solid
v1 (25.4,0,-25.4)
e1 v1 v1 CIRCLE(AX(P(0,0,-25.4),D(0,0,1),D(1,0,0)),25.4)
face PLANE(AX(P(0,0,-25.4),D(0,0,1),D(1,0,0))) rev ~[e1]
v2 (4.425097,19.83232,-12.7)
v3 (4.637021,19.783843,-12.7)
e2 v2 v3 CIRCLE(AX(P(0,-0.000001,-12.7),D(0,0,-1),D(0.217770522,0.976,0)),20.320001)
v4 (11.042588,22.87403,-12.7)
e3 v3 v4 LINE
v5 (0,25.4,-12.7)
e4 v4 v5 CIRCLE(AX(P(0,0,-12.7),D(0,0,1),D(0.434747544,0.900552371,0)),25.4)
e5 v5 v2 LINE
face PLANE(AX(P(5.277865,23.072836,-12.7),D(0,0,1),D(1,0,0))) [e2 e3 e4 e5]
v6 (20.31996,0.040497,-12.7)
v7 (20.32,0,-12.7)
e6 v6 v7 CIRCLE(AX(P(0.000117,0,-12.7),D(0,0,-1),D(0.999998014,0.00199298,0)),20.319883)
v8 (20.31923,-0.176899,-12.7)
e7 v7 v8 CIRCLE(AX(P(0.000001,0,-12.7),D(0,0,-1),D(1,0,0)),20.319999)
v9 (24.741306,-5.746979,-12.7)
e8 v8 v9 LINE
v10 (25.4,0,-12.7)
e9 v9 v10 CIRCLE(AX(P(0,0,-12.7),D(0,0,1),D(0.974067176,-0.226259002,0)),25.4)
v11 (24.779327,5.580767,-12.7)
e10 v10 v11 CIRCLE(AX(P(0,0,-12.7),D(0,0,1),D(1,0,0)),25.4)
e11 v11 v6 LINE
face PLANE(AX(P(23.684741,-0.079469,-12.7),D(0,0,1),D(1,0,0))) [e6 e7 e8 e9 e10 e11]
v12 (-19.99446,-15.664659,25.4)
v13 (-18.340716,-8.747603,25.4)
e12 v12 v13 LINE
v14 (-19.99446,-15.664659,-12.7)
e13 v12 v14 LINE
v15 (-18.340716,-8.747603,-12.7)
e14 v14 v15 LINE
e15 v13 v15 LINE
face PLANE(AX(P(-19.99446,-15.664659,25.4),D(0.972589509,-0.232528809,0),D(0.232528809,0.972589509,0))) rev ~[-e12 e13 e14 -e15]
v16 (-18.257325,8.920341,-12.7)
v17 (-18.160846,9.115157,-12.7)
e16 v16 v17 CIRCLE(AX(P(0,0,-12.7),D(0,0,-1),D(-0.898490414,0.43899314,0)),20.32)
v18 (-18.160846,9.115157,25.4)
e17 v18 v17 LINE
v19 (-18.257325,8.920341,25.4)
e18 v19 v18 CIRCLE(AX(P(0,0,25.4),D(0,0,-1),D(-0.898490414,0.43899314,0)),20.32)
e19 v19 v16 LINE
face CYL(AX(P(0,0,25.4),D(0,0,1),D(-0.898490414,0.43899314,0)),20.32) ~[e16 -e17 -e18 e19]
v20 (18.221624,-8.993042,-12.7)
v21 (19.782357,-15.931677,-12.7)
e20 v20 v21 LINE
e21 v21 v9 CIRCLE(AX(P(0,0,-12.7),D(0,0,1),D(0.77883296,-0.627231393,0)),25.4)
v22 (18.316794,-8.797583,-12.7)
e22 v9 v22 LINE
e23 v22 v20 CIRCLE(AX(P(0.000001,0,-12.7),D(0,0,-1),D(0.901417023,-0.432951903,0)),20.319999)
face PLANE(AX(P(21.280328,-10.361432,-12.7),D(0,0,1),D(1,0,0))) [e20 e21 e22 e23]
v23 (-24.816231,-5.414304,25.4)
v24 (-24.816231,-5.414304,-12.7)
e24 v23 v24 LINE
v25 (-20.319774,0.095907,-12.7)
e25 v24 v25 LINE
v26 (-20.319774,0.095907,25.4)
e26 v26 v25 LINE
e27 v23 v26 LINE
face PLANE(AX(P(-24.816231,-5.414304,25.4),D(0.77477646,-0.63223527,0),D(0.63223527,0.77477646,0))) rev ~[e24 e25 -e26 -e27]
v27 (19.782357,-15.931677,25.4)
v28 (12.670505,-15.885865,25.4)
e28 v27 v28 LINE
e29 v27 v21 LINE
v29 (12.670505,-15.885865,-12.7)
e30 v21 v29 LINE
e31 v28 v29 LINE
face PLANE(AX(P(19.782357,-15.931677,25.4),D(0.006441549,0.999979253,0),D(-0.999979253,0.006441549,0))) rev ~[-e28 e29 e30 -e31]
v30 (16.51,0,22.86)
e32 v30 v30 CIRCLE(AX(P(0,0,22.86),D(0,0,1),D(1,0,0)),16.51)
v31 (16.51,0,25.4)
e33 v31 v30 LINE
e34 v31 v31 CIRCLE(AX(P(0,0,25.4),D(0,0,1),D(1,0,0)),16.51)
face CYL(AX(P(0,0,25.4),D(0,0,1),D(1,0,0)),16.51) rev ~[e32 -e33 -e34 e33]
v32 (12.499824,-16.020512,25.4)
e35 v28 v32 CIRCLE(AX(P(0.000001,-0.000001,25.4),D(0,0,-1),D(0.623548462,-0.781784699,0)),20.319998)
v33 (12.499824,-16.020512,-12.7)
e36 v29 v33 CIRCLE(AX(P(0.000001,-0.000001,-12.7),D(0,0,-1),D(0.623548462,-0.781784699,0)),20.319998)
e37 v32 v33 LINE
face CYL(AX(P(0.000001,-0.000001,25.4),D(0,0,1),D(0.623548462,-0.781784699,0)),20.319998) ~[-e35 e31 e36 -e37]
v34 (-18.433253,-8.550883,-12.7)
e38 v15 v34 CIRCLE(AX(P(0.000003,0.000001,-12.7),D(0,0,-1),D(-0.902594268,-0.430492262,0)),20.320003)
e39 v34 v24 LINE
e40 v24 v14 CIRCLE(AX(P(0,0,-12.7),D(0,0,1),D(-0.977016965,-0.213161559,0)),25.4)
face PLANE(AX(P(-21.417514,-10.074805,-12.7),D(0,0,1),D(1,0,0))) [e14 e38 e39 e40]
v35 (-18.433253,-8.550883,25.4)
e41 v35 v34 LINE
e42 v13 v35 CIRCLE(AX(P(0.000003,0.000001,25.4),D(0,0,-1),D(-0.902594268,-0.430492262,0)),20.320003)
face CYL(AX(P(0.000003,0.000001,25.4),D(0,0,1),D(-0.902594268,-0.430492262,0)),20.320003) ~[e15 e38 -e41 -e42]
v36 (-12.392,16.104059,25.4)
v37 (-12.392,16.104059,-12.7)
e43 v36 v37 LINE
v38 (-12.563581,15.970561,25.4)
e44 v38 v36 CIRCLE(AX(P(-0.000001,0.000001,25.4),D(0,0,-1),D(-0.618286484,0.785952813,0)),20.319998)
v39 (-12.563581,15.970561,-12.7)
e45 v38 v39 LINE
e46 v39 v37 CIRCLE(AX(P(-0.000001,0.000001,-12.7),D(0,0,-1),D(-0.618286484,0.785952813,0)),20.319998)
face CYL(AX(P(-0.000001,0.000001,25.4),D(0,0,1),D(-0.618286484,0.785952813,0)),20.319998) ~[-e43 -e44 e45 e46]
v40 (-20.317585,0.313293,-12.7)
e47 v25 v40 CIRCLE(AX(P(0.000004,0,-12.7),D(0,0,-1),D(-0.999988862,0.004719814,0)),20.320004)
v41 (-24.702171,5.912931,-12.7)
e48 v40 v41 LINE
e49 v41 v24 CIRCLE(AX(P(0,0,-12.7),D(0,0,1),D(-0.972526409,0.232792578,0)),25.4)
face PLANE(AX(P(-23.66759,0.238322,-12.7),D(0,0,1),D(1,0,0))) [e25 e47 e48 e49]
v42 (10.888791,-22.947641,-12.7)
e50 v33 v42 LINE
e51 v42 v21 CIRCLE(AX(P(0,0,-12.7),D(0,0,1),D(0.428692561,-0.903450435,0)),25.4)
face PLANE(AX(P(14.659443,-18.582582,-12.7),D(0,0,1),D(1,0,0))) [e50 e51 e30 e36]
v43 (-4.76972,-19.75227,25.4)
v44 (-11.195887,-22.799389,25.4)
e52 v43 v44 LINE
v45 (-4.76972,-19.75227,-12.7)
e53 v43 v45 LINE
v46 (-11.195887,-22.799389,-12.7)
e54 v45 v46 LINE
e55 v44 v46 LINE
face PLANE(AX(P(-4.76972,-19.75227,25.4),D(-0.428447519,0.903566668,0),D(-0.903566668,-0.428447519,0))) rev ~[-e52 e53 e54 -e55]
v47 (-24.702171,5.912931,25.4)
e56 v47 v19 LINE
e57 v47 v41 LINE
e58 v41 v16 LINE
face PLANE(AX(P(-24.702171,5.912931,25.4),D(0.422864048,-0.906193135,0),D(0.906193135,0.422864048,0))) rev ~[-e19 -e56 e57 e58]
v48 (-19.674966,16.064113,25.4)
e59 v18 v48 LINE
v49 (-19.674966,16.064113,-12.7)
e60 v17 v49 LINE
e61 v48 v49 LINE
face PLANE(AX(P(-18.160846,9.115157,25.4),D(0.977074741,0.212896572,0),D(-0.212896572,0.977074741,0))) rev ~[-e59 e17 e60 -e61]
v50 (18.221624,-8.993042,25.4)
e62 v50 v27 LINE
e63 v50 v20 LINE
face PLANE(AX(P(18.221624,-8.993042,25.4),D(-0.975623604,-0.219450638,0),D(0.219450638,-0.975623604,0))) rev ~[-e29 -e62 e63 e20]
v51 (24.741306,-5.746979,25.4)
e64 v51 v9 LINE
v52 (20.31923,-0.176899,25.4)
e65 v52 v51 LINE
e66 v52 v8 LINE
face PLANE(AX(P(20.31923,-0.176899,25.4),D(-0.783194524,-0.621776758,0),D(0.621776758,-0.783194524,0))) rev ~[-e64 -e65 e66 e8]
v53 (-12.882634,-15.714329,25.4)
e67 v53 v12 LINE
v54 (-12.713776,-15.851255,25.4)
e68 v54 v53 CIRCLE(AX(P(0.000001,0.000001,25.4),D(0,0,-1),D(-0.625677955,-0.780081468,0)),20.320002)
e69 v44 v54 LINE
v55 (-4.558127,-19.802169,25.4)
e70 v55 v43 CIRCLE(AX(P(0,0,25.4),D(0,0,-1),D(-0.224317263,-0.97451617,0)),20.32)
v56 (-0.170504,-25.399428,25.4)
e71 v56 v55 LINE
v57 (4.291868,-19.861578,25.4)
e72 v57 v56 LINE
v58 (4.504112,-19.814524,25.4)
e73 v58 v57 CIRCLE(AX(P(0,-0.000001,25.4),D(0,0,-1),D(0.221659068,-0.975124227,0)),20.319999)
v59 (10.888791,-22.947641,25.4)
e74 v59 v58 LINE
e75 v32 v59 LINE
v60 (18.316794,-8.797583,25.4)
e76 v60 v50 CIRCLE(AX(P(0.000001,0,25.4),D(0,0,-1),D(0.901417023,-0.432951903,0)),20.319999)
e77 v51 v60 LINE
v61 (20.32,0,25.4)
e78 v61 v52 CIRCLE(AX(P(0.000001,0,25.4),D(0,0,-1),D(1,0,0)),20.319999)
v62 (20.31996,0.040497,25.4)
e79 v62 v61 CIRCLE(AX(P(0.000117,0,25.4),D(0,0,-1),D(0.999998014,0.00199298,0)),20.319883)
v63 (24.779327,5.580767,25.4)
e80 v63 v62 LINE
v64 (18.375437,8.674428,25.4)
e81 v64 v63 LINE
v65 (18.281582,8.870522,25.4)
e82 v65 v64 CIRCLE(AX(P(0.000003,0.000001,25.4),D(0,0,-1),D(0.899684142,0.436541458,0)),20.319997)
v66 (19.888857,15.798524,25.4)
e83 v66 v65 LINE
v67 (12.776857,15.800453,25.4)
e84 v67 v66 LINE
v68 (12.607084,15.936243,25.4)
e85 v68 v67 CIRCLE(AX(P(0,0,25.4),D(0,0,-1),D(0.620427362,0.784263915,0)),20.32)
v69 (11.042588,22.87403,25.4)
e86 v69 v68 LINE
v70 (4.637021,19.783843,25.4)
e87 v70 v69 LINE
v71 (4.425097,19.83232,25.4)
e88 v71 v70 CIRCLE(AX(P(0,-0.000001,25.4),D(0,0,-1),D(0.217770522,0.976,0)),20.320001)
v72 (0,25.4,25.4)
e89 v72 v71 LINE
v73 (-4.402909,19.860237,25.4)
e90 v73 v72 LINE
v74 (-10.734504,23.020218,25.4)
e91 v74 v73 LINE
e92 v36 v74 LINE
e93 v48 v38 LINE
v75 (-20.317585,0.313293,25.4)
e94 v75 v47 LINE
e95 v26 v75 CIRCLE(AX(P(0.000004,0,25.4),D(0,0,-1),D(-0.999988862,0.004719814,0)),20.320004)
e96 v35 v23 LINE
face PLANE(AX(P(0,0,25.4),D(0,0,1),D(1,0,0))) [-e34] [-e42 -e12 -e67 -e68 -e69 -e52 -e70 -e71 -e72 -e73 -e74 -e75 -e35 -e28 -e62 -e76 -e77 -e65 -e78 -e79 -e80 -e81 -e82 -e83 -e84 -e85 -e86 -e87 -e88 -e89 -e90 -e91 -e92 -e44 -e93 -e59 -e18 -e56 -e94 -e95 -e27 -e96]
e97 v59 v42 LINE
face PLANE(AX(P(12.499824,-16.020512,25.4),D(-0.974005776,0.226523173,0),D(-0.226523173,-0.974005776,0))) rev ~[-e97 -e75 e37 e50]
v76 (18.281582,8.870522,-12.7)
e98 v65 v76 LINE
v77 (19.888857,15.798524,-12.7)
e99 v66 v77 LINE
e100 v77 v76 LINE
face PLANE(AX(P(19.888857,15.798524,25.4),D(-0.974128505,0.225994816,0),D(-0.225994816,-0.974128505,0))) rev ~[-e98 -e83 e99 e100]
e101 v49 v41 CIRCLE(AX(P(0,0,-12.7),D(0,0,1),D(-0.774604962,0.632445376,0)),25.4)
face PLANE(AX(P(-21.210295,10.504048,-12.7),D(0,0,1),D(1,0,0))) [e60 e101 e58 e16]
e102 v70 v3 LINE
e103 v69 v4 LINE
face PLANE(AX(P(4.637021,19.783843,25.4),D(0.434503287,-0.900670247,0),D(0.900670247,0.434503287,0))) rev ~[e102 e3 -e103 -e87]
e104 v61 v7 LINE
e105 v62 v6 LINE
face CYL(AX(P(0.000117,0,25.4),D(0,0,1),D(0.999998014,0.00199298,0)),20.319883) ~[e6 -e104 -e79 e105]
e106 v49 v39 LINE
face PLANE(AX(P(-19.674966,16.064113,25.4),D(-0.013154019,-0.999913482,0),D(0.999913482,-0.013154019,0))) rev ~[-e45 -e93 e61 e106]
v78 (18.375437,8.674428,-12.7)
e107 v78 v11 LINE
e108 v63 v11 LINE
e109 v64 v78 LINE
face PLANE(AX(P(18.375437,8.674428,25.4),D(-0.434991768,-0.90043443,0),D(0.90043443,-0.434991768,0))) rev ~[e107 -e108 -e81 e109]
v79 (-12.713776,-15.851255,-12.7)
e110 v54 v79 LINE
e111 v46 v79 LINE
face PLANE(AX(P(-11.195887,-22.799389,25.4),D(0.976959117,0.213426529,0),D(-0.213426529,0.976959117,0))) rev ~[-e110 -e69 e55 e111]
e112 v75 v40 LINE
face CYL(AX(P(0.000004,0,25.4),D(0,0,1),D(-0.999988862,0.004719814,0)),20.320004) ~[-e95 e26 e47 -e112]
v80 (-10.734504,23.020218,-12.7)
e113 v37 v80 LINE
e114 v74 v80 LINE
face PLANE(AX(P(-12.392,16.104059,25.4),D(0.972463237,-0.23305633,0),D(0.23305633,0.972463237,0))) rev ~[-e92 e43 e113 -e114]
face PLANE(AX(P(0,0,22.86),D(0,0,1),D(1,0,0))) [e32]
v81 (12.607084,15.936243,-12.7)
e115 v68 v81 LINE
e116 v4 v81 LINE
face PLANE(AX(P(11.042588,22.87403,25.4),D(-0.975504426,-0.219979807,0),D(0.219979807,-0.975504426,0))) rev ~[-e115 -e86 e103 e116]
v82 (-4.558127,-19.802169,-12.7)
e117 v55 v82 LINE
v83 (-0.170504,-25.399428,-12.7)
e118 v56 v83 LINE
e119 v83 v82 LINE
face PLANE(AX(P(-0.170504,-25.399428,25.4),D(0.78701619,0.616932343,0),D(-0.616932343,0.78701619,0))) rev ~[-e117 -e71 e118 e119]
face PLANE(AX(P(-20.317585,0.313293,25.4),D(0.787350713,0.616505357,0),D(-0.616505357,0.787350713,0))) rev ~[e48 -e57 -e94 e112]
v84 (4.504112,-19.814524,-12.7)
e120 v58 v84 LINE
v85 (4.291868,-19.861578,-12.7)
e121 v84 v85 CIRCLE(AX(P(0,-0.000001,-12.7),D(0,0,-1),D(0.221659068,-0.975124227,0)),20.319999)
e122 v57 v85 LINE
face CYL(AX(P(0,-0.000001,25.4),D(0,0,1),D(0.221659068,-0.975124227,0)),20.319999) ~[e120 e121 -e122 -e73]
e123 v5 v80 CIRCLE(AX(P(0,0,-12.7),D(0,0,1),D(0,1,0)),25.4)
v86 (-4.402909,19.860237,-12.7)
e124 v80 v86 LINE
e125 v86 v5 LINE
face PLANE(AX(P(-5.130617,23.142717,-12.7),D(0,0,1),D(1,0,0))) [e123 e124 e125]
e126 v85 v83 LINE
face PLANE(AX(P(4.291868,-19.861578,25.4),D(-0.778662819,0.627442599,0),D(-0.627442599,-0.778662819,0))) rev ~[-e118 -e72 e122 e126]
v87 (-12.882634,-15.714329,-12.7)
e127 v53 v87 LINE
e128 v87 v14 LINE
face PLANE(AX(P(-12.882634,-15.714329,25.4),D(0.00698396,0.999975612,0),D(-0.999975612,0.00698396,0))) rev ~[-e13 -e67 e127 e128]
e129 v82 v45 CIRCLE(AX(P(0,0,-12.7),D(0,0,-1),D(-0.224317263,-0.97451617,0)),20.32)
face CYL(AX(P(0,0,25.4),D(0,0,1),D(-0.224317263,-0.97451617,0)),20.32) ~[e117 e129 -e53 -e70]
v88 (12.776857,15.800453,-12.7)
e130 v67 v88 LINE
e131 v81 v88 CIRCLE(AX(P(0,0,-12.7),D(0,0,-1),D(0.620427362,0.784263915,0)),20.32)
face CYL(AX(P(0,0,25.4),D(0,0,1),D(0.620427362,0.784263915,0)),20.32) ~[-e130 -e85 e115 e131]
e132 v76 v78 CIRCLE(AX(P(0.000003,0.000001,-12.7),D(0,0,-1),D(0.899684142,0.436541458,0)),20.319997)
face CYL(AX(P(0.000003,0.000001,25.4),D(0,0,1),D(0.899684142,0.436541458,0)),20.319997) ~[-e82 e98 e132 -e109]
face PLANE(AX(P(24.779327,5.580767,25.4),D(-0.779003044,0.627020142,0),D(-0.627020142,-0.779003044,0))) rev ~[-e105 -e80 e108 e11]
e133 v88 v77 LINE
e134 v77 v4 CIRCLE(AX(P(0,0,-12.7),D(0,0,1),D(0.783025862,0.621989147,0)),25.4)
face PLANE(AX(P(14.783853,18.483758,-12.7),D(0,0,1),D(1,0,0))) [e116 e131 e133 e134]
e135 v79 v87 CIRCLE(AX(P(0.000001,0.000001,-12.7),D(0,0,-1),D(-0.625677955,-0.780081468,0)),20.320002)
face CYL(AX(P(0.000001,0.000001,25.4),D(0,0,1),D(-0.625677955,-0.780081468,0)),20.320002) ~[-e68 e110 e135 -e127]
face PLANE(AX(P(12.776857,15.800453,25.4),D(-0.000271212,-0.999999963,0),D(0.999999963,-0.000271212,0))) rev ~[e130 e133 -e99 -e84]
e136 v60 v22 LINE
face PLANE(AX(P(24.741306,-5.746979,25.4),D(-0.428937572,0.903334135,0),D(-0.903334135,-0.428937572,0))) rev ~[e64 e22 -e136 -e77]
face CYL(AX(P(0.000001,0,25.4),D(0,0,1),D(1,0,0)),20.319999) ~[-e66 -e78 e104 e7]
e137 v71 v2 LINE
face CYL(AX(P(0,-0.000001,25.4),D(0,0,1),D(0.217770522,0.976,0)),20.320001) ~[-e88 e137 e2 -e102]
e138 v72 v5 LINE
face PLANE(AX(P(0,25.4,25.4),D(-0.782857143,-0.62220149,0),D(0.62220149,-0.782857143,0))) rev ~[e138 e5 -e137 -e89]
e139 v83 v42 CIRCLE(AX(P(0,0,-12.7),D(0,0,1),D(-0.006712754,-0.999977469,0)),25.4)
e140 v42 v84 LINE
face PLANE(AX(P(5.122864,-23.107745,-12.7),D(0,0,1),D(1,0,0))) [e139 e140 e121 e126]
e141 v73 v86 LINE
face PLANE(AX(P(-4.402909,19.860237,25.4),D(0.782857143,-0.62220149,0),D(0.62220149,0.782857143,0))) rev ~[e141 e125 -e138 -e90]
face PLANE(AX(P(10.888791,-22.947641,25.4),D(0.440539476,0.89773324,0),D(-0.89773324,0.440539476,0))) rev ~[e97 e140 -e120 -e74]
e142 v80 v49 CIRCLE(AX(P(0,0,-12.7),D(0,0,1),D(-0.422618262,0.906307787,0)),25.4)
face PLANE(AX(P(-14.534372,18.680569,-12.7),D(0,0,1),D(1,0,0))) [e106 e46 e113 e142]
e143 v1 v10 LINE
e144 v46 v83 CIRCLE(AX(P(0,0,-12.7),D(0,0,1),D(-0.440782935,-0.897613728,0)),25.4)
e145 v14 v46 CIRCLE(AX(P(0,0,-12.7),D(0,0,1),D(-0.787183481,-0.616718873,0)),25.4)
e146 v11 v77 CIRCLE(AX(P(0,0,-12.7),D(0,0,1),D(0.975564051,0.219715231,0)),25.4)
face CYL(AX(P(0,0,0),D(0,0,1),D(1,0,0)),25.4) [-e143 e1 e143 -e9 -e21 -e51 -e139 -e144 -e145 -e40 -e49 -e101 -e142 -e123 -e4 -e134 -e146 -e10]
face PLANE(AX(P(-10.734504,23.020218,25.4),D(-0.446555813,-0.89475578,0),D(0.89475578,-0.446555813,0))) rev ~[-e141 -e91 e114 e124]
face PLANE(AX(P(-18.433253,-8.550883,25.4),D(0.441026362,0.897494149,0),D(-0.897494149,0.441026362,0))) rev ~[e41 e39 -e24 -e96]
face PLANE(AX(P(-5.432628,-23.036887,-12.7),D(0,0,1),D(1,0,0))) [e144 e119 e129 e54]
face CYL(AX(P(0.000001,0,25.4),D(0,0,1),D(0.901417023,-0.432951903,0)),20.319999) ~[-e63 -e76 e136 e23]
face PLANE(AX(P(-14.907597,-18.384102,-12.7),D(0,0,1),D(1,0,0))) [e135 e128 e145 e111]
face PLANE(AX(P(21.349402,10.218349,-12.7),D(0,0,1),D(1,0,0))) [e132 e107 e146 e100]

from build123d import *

# Parameters (mm, degrees)
F0_R     = 25.4
F1_DEPTH = 25.4
F3_DEPTH = 38.1
F4_R     = 16.51
F5_DEPTH = 2.54


with BuildPart() as f1:
    # F0 (on Top) → F1 (new body, symmetric)
    with BuildSketch(Plane.XY):
        Circle(F0_R)
    extrude(amount=F1_DEPTH, both=True)

    # F2 (on face) → F3 (cut)
    with BuildSketch(Plane.XY.offset(25.4)):
        with BuildLine():
            Line((-4.4029086505, 19.8602374906), (0, 25.4))
            ThreePointArc((0, 25.4), (-5.497566194, 24.7979185808), (-10.7345038482, 23.0202177907))
            Line((-10.7345038482, 23.0202177907), (-4.4029086505, 19.8602374906))
        make_face()
        with BuildLine():
            Line((4.6370208097, 19.7838428525), (11.0425876049, 22.8740302305))
            ThreePointArc((11.0425876049, 22.8740302305), (5.6639046666, 24.7604560525), (0, 25.4))
            Line((0, 25.4), (4.4250969953, 19.83232))
            ThreePointArc((4.4250969953, 19.83232), (4.5311237333, 19.808364842), (4.6370208097, 19.7838428525))
        make_face()
        with BuildLine():
            Line((12.776857167, 15.8004531876), (19.8888569054, 15.7985243297))
            ThreePointArc((19.8888569054, 15.7985243297), (15.865190223, 19.8357187716), (11.0425876049, 22.8740302305))
            Line((11.0425876049, 22.8740302305), (12.6070839942, 15.9362427555))
            ThreePointArc((12.6070839942, 15.9362427555), (12.6921521784, 15.8685750173), (12.776857167, 15.8004531876))
        make_face()
        with BuildLine():
            ThreePointArc((18.2815817765, 8.8705224056), (18.3287717486, 8.7726008794), (18.3754372288, 8.6744283184))
            Line((18.3754372288, 8.6744283184), (24.7793268915, 5.5807668652))
            ThreePointArc((24.7793268915, 5.5807668652), (22.9109646857, 10.9657510992), (19.8888569054, 15.7985243297))
            Line((19.8888569054, 15.7985243297), (18.2815817765, 8.8705224056))
        make_face()
        with BuildLine():
            ThreePointArc((20.319959645, 0.0404972182), (20.3199899113, 0.0202486192), (20.32, 0))
            ThreePointArc((20.32, 0), (20.3198074922, -0.0884504401), (20.3192299724, -0.1768992043))
            Line((20.3192299724, -0.1768992043), (24.7413062764, -5.7469786617))
            ThreePointArc((24.7413062764, -5.7469786617), (25.2347892741, -2.8923019016), (25.4, 0))
            ThreePointArc((25.4, 0), (25.2443548446, 2.8075876616), (24.7793268915, 5.5807668652))
            Line((24.7793268915, 5.5807668652), (20.319959645, 0.0404972182))
        make_face()
        with BuildLine():
            Line((24.7413062764, -5.7469786617), (18.3167939088, -8.7975826738))
            ThreePointArc((18.3167939088, -8.7975826738), (18.2694704717, -8.895439769), (18.2216242397, -8.9930423143))
            Line((18.2216242397, -8.9930423143), (19.78235718, -15.9316773882))
            ThreePointArc((19.78235718, -15.9316773882), (22.8368380896, -11.1192997112), (24.7413062764, -5.7469786617))
        make_face()
        with BuildLine():
            ThreePointArc((10.8887910596, -22.9476410391), (15.7316804593, -19.9417709827), (19.78235718, -15.9316773882))
            Line((19.78235718, -15.9316773882), (12.6705047326, -15.8858650951))
            ThreePointArc((12.6705047326, -15.8858650951), (12.5853443674, -15.9534167862), (12.4998238629, -16.020511958))
            Line((12.4998238629, -16.020511958), (10.8887910596, -22.9476410391))
        make_face()
        with BuildLine():
            ThreePointArc((-0.1705039618, -25.3994277179), (5.497566194, -24.7979185808), (10.8887910596, -22.9476410391))
            Line((10.8887910596, -22.9476410391), (4.5041122558, -19.8145242887))
            ThreePointArc((4.5041122558, -19.8145242887), (4.3980529552, -19.8383348647), (4.291867801, -19.8615777515))
            Line((4.291867801, -19.8615777515), (-0.1705039618, -25.3994277179))
        make_face()
        with BuildLine():
            ThreePointArc((-11.1958865538, -22.799388682), (-5.8299879147, -24.7218777789), (-0.1705039618, -25.3994277179))
            Line((-0.1705039618, -25.3994277179), (-4.5581267877, -19.8021685728))
            ThreePointArc((-4.5581267877, -19.8021685728), (-4.6639903317, -19.7775022231), (-4.7697204121, -19.752269925))
            Line((-4.7697204121, -19.752269925), (-11.1958865538, -22.799388682))
        make_face()
        with BuildLine():
            ThreePointArc((-19.9944604075, -15.6646593648), (-15.9979850762, -19.7287727318), (-11.1958865538, -22.799388682))
            Line((-11.1958865538, -22.799388682), (-12.7137760303, -15.8512554409))
            ThreePointArc((-12.7137760303, -15.8512554409), (-12.798388061, -15.7830181854), (-12.882633856, -15.7143292868))
            Line((-12.882633856, -15.7143292868), (-19.9944604075, -15.6646593648))
        make_face()
        with BuildLine():
            ThreePointArc((-24.816230911, -5.4143035905), (-22.9840588775, -10.8117083532), (-19.9944604075, -15.6646593648))
            Line((-19.9944604075, -15.6646593648), (-18.3407155164, -8.7476027772))
            ThreePointArc((-18.3407155164, -8.7476027772), (-18.387247102, -8.6493666825), (-18.4332525225, -8.5508830796))
            Line((-18.4332525225, -8.5508830796), (-24.816230911, -5.4143035905))
        make_face()
        with BuildLine():
            Line((-20.3175846832, 0.313293219), (-24.7021707789, 5.9129314903))
            ThreePointArc((-24.7021707789, 5.9129314903), (-25.3987123714, 0.2557535417), (-24.816230911, -5.4143035905))
            Line((-24.816230911, -5.4143035905), (-20.3197736682, 0.0959065927))
            ThreePointArc((-20.3197736682, 0.0959065927), (-20.3189698971, 0.2046028333), (-20.3175846832, 0.313293219))
        make_face()
        with BuildLine():
            Line((-18.1608456078, 9.1151569822), (-19.6749660304, 16.0641125401))
            ThreePointArc((-19.6749660304, 16.0641125401), (-22.7616824296, 11.27234727), (-24.7021707789, 5.9129314903))
            Line((-24.7021707789, 5.9129314903), (-18.2573252052, 8.9203405963))
            ThreePointArc((-18.2573252052, 8.9203405963), (-18.2093459437, 9.017877816), (-18.1608456078, 9.1151569822))
        make_face()
        with BuildLine():
            Line((-12.3920004699, 16.1040592508), (-10.7345038482, 23.0202177907))
            ThreePointArc((-10.7345038482, 23.0202177907), (-15.5974618012, 20.0469245861), (-19.6749660304, 16.0641125401))
            Line((-19.6749660304, 16.0641125401), (-12.5635813453, 15.9705611604))
            ThreePointArc((-12.5635813453, 15.9705611604), (-12.4779694409, 16.0375396689), (-12.3920004699, 16.1040592508))
        make_face()
    extrude(amount=-F3_DEPTH, mode=Mode.SUBTRACT)

    # F4 (on face) → F5 (cut)
    with BuildSketch(Plane.XY.offset(25.4)):
        Circle(F4_R)
    extrude(amount=-F5_DEPTH, mode=Mode.SUBTRACT)


solid = f1.part
